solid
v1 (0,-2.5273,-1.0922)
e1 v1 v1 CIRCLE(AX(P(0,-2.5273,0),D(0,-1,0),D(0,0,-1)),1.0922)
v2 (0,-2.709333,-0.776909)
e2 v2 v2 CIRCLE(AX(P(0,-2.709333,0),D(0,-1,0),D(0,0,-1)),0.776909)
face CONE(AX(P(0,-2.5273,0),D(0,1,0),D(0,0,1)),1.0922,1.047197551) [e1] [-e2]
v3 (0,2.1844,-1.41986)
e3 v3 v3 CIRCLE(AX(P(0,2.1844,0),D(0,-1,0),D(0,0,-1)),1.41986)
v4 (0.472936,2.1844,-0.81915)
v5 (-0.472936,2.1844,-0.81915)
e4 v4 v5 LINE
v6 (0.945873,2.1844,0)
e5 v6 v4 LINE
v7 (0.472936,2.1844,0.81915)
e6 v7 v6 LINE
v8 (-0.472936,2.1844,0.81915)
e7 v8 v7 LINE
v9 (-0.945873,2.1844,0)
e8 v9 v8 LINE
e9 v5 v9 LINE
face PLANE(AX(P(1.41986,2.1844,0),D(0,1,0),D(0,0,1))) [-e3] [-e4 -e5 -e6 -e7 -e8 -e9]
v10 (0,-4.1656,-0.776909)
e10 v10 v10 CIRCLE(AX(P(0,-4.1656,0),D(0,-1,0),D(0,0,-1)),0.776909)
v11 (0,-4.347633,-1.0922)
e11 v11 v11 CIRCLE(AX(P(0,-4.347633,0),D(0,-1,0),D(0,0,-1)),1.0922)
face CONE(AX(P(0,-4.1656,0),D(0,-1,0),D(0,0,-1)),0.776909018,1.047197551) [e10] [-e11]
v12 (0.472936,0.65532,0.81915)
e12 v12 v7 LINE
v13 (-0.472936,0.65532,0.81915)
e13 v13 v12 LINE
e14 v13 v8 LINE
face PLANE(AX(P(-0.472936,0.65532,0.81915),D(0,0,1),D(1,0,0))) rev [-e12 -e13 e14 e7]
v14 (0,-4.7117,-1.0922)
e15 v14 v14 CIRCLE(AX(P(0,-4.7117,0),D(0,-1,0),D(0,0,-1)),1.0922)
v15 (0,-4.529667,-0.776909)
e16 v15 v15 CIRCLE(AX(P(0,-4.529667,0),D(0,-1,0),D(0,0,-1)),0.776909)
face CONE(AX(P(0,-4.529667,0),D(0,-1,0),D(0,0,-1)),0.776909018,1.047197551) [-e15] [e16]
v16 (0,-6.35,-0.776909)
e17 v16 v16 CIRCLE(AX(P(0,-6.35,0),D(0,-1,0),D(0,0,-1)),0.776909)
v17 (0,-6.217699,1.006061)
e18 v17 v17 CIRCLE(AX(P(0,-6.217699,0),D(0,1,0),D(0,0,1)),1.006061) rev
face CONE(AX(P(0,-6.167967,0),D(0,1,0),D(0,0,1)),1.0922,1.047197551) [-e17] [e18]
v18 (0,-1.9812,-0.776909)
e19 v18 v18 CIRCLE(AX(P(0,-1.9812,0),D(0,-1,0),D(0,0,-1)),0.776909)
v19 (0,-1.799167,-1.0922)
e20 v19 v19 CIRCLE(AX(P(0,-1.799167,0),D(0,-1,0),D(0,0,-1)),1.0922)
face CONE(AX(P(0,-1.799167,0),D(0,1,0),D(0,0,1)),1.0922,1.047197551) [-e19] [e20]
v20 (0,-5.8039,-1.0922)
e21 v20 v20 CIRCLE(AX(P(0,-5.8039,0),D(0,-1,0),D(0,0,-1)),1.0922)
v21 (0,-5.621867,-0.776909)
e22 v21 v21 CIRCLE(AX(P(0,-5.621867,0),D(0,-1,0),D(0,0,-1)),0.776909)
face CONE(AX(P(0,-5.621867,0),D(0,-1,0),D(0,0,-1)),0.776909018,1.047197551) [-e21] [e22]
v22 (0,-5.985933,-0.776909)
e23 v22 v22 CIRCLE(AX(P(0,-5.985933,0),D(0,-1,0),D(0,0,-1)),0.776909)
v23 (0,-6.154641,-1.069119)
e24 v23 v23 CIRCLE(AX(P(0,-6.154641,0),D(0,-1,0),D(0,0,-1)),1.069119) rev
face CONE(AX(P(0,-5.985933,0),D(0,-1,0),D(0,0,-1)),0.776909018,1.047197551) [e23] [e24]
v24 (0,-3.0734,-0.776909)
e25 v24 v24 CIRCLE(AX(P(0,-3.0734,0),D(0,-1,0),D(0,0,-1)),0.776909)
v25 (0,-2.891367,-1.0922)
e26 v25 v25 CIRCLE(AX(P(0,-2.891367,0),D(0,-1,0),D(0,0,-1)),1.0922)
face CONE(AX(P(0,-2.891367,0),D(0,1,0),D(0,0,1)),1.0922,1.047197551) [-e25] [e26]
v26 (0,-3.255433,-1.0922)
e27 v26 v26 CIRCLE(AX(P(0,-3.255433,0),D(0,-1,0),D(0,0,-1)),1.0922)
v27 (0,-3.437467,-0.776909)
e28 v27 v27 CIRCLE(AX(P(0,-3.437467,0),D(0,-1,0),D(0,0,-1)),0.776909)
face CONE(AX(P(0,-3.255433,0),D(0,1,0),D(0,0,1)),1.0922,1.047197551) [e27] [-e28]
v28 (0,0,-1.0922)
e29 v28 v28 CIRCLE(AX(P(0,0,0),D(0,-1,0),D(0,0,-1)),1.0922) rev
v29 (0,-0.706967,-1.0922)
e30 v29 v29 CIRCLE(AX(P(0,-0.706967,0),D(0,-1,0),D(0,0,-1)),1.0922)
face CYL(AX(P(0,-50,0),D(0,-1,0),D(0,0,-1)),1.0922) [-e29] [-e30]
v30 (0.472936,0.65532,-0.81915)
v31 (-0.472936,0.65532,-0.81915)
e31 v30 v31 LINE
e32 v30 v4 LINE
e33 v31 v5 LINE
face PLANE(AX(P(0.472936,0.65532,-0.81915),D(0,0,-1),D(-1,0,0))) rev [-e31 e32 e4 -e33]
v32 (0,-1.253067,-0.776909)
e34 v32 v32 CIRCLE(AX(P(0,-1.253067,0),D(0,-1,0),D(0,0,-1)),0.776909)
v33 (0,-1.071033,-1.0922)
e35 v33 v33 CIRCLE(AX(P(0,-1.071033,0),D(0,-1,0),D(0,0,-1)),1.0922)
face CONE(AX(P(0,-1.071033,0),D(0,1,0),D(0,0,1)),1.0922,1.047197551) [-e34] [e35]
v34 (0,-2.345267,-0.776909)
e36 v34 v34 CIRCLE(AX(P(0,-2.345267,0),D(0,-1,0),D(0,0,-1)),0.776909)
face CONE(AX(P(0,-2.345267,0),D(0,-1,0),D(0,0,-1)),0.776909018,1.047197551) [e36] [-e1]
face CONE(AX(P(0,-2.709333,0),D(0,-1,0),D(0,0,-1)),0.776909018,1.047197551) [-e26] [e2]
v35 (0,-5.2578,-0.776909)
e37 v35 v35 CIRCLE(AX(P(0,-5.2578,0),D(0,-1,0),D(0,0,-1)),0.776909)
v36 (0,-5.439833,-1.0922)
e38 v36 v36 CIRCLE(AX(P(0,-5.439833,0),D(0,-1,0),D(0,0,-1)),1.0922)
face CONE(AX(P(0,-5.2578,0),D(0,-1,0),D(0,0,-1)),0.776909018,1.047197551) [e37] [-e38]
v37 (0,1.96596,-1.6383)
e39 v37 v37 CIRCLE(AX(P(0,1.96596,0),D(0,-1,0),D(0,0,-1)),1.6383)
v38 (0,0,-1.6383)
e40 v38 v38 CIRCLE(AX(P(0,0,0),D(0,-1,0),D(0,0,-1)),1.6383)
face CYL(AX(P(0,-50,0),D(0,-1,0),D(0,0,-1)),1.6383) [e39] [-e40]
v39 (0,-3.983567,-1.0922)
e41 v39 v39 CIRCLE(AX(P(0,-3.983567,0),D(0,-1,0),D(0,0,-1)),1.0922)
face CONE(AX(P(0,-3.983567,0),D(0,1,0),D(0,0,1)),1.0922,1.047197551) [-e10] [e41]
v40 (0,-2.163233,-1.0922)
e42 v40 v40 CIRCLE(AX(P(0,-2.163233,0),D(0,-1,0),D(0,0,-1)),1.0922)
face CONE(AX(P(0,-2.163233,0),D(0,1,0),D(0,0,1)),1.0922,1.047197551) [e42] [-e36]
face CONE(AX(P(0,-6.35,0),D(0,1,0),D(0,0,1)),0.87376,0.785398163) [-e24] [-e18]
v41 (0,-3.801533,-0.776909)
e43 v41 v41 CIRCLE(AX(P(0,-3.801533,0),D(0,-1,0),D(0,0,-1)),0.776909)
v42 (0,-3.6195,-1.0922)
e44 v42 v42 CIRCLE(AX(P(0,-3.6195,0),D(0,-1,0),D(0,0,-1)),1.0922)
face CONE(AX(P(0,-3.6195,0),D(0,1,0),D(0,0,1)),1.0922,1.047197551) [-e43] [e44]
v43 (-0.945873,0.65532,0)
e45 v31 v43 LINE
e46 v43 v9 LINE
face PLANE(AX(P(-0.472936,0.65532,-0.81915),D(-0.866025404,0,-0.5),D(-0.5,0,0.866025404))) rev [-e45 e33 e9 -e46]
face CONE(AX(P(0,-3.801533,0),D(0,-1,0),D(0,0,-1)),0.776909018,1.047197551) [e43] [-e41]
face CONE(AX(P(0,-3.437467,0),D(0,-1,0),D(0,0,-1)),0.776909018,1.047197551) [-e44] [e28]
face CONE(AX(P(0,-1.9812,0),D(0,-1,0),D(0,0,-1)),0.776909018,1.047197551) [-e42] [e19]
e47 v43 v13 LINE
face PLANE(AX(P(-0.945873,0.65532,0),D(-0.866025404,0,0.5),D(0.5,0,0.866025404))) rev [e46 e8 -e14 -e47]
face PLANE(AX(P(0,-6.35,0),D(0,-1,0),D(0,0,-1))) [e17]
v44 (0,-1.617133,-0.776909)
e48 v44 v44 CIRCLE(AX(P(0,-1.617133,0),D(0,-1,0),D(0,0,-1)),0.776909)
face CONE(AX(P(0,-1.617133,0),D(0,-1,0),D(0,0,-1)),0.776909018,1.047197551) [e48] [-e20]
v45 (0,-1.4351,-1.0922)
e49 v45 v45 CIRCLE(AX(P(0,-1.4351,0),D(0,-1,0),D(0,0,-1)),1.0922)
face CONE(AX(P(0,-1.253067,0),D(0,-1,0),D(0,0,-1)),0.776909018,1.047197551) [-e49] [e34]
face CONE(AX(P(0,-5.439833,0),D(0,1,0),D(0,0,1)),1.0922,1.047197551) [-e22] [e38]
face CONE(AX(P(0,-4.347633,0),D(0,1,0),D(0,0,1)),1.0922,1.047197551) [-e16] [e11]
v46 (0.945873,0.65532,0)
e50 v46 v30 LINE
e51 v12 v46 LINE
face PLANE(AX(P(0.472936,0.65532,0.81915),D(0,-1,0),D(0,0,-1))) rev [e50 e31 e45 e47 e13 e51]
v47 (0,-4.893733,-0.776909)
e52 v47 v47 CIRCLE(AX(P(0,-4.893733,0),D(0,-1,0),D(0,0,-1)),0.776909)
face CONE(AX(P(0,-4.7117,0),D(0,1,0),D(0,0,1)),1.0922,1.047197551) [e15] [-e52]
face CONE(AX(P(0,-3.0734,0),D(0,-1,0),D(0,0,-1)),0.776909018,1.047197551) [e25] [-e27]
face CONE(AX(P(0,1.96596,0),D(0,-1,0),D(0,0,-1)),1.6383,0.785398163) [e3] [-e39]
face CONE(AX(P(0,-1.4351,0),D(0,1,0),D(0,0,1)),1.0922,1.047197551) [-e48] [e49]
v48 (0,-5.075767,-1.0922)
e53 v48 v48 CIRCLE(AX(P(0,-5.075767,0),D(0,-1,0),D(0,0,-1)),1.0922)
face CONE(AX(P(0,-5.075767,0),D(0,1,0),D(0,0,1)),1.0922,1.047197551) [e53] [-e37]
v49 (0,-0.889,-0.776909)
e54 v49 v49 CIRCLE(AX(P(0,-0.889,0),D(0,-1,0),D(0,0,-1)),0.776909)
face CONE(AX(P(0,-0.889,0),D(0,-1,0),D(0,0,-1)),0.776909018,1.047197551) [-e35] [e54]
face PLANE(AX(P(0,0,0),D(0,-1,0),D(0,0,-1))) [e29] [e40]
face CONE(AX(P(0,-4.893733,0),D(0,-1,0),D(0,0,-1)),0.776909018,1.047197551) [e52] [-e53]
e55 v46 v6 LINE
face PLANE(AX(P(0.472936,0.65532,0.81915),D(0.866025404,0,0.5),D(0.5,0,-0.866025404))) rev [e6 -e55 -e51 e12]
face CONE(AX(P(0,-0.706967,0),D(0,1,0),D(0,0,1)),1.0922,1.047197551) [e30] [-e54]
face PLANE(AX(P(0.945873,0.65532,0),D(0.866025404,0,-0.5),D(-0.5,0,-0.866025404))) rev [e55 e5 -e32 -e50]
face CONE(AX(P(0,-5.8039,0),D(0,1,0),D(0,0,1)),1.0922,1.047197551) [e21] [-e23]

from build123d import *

# Parameters (mm, degrees)
HEX_CUT_DRIVEN_DEPTH = 1.52908


with BuildPart() as part:
    # Sketch3 → Shank Revolve ( driven ) (revolve)
    with BuildSketch(Plane.XY, mode=Mode.PRIVATE) as shank_revolve_driven_sk:
        Polygon((0, 0.65532), (0, -6.35), (0.87376, -6.35), (1.0922, -6.13156), (1.0922, 0.65532), align=None)
    revolve(shank_revolve_driven_sk.sketch.rotate(Axis((0, -50, 0), (0, 1, 0)), 90), axis=Axis((0, -50, 0), (0, 1, 0)))

    # Sketch4 → Thread Revolve Cut ( driven ) (revolve, cut)
    with BuildSketch(Plane.XY, mode=Mode.PRIVATE) as thread_revolve_cut_driven_sk:
        Polygon((0.776909018, -0.889), (1.0922, -0.706966667), (1.633740037, -0.706966667), (1.633740037, -7.260166667), (1.0922, -7.260166667), (0.776909018, -7.078133333), (1.0922, -6.8961), (0.776909018, -6.714066667), (1.0922, -6.532033333), (0.776909018, -6.35), (1.0922, -6.167966667), (0.776909018, -5.985933333), (1.0922, -5.8039), (0.776909018, -5.621866667), (1.0922, -5.439833333), (0.776909018, -5.2578), (1.0922, -5.075766667), (0.776909018, -4.893733333), (1.0922, -4.7117), (0.776909018, -4.529666667), (1.0922, -4.347633333), (0.776909018, -4.1656), (1.0922, -3.983566667), (0.776909018, -3.801533333), (1.0922, -3.6195), (0.776909018, -3.437466667), (1.0922, -3.255433333), (0.776909018, -3.0734), (1.0922, -2.891366667), (0.776909018, -2.709333333), (1.0922, -2.5273), (0.776909018, -2.345266667), (1.0922, -2.163233333), (0.776909018, -1.9812), (1.0922, -1.799166667), (0.776909018, -1.617133333), (1.0922, -1.4351), (0.776909018, -1.253066667), (1.0922, -1.071033333), align=None)
    revolve(thread_revolve_cut_driven_sk.sketch.rotate(Axis((0, -50, 0), (0, 1, 0)), 90), axis=Axis((0, -50, 0), (0, 1, 0)), mode=Mode.SUBTRACT)

    # Sketch5 → Head Revolve ( driven ) (revolve)
    with BuildSketch(Plane.XY, mode=Mode.PRIVATE) as head_revolve_driven_sk:
        Polygon((0, 2.1844), (0, 0), (1.6383, 0), (1.6383, 1.96596), (1.41986, 2.1844), align=None)
    revolve(head_revolve_driven_sk.sketch.rotate(Axis((0, -50, 0), (0, 1, 0)), 90), axis=Axis((0, -50, 0), (0, 1, 0)))

    # Sketch2 → Hex Cut ( driven ) (cut)
    with BuildSketch(Plane(origin=(0, 2.1844, 0), x_dir=(-1, 0, 0), z_dir=(0, 1, 0))):
        Polygon((-0.945872946, 0), (-0.472936473, -0.81915), (0.472936473, -0.81915), (0.945872946, 0), (0.472936473, 0.81915), (-0.472936473, 0.81915), align=None)
    extrude(amount=-HEX_CUT_DRIVEN_DEPTH, mode=Mode.SUBTRACT)


solid = part.part
